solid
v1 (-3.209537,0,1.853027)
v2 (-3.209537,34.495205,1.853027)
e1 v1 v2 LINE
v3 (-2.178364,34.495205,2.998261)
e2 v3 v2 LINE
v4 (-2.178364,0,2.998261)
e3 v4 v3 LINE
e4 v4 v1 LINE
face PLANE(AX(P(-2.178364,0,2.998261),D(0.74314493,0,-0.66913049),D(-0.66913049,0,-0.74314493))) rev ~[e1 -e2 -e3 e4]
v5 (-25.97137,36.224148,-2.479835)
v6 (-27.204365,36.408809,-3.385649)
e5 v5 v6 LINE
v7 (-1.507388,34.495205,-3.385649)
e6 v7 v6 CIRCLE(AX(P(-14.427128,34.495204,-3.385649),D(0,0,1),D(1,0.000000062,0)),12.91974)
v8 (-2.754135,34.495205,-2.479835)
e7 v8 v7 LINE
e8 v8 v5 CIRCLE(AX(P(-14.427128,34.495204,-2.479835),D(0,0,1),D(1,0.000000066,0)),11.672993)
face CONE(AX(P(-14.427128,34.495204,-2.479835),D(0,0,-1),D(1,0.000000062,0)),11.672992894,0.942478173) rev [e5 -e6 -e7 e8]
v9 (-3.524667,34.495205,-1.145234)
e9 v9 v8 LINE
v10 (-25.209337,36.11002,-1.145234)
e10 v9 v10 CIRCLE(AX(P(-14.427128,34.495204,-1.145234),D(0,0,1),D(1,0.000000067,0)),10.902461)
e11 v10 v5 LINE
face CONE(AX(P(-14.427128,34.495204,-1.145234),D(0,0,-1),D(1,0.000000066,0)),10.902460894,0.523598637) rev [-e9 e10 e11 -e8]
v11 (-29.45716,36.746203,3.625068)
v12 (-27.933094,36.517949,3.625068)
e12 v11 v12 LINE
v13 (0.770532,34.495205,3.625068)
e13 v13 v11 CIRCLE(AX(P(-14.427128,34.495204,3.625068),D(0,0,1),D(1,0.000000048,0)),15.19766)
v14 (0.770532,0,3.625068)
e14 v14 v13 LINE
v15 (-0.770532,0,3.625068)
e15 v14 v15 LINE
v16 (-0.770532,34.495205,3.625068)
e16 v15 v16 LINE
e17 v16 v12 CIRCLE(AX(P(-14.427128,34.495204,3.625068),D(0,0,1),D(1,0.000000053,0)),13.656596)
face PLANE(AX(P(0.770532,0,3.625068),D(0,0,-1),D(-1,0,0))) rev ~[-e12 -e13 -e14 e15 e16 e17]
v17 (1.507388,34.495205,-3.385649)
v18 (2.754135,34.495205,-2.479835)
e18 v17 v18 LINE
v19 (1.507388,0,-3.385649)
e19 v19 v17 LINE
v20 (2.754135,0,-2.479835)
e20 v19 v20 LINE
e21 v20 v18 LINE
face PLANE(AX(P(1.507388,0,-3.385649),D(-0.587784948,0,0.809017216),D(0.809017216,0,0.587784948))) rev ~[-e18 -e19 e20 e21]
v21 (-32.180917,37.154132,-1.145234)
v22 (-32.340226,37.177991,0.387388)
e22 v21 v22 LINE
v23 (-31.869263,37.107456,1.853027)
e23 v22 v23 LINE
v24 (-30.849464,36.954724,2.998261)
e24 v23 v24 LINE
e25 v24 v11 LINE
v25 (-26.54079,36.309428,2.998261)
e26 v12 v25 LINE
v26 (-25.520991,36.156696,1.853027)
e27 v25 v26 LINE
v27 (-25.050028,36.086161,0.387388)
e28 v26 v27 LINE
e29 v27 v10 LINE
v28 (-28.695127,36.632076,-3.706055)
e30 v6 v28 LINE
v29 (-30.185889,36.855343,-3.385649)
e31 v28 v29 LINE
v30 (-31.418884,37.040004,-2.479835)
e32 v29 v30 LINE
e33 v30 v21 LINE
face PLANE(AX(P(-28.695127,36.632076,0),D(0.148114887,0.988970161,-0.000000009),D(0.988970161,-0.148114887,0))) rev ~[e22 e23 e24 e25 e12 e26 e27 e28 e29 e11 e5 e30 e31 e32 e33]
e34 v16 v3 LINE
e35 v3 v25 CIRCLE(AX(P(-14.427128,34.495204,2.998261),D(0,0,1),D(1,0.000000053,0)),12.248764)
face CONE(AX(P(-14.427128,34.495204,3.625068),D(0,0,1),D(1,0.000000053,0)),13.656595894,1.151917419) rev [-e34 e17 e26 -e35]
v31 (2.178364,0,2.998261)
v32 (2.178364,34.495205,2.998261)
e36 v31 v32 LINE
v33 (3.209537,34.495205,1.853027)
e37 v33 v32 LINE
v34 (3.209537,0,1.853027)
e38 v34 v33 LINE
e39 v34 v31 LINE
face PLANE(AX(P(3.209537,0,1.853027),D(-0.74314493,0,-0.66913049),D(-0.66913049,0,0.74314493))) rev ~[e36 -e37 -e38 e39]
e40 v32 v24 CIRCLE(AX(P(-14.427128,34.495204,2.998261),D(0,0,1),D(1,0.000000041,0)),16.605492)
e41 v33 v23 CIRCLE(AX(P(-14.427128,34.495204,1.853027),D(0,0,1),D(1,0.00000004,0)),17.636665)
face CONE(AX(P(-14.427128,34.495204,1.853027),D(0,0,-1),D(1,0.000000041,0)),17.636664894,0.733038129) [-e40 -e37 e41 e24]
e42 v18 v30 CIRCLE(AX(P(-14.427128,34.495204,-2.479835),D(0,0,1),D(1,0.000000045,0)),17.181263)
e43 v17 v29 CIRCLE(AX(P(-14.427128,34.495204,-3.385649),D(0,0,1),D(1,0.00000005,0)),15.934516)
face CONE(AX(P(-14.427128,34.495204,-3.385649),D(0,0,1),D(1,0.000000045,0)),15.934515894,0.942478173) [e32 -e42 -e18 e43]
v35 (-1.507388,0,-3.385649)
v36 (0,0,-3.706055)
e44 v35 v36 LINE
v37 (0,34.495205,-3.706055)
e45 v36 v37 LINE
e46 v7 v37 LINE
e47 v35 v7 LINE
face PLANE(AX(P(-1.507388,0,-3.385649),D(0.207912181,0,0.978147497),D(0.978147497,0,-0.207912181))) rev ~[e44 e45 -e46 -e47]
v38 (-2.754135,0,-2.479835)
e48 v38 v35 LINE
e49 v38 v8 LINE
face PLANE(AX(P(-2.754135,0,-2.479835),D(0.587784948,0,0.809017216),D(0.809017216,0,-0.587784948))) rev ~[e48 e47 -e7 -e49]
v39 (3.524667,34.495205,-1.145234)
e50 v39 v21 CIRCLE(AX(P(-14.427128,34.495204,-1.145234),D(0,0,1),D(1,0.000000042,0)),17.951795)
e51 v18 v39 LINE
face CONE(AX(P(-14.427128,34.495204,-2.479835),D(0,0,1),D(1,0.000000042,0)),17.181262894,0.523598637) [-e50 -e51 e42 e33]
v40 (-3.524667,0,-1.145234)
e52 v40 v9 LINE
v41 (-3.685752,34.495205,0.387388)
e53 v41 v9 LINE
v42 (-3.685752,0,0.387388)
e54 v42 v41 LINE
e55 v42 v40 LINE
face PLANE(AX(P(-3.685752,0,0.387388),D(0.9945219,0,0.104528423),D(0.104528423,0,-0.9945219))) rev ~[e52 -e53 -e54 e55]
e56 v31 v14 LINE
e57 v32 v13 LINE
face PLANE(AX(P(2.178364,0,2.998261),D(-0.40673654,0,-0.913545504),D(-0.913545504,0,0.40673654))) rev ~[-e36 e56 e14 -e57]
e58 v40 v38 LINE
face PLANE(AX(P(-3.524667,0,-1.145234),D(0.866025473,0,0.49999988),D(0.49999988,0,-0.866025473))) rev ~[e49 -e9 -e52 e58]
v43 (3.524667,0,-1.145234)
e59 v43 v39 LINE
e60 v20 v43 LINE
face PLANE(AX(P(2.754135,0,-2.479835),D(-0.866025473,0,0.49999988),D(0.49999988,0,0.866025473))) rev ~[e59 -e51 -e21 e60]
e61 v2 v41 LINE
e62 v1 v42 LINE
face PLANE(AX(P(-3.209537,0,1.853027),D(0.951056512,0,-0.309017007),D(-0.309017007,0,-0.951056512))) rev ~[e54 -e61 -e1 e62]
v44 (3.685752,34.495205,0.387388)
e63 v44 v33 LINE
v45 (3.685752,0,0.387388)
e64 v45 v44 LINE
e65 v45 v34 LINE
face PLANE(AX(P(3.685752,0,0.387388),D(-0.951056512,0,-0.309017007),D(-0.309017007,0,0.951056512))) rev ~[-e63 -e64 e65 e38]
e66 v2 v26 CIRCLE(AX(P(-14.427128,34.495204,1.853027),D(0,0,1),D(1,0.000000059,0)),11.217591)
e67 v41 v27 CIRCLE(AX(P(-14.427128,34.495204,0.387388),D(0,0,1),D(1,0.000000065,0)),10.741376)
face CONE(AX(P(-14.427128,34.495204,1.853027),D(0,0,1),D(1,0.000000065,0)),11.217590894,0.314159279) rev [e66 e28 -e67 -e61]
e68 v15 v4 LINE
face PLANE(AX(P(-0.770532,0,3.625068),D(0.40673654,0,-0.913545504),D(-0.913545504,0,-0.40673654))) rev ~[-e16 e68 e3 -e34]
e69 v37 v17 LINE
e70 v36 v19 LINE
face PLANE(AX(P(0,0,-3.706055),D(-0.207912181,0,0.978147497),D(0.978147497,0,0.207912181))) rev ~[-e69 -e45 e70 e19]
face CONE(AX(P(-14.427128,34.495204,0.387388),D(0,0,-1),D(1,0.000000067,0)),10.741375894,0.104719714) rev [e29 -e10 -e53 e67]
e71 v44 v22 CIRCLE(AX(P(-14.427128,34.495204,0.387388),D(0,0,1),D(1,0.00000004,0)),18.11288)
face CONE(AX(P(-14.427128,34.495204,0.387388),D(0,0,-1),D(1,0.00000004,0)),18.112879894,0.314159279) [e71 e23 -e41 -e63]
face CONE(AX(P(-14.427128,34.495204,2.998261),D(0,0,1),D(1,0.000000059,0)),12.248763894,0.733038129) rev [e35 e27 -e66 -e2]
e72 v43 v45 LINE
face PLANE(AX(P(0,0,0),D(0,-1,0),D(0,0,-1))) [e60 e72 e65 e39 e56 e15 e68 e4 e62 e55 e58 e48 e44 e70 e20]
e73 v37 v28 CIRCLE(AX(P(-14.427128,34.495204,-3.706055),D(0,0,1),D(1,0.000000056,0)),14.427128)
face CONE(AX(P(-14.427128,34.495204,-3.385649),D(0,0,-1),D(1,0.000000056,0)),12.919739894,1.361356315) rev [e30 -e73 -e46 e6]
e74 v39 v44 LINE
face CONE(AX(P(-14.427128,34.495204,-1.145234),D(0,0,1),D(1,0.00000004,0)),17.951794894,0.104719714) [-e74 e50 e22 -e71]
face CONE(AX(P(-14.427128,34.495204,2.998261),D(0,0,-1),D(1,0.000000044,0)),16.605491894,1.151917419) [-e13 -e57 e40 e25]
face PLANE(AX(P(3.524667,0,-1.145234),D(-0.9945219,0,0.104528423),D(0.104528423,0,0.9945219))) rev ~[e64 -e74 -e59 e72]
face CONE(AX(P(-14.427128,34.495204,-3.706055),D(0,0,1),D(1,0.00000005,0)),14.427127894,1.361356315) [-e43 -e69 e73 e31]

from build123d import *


with BuildPart() as f2:
    # F2: sweep along a path in F0
    with BuildLine(Plane.XY) as f2_path:
        Line((0, 0), (0, 34.495205))
        ThreePointArc((0, 34.495205), (-13.355734, 48.882495), (-28.695127, 36.632076))
    # F1 (on Front) → F2 (sweep)
    with BuildSketch(Plane.XZ):
        Polygon((0.770532, 3.625068), (-0.770532, 3.625068), (-2.178364, 2.998261), (-3.209537, 1.853027), (-3.685752, 0.387388), (-3.524667, -1.145234), (-2.754135, -2.479835), (-1.507388, -3.385649), (0, -3.706055), (1.507388, -3.385649), (2.754135, -2.479835), (3.524667, -1.145234), (3.685752, 0.387388), (3.209537, 1.853027), (2.178364, 2.998261), align=None)
    sweep(path=f2_path.line)


solid = f2.part
